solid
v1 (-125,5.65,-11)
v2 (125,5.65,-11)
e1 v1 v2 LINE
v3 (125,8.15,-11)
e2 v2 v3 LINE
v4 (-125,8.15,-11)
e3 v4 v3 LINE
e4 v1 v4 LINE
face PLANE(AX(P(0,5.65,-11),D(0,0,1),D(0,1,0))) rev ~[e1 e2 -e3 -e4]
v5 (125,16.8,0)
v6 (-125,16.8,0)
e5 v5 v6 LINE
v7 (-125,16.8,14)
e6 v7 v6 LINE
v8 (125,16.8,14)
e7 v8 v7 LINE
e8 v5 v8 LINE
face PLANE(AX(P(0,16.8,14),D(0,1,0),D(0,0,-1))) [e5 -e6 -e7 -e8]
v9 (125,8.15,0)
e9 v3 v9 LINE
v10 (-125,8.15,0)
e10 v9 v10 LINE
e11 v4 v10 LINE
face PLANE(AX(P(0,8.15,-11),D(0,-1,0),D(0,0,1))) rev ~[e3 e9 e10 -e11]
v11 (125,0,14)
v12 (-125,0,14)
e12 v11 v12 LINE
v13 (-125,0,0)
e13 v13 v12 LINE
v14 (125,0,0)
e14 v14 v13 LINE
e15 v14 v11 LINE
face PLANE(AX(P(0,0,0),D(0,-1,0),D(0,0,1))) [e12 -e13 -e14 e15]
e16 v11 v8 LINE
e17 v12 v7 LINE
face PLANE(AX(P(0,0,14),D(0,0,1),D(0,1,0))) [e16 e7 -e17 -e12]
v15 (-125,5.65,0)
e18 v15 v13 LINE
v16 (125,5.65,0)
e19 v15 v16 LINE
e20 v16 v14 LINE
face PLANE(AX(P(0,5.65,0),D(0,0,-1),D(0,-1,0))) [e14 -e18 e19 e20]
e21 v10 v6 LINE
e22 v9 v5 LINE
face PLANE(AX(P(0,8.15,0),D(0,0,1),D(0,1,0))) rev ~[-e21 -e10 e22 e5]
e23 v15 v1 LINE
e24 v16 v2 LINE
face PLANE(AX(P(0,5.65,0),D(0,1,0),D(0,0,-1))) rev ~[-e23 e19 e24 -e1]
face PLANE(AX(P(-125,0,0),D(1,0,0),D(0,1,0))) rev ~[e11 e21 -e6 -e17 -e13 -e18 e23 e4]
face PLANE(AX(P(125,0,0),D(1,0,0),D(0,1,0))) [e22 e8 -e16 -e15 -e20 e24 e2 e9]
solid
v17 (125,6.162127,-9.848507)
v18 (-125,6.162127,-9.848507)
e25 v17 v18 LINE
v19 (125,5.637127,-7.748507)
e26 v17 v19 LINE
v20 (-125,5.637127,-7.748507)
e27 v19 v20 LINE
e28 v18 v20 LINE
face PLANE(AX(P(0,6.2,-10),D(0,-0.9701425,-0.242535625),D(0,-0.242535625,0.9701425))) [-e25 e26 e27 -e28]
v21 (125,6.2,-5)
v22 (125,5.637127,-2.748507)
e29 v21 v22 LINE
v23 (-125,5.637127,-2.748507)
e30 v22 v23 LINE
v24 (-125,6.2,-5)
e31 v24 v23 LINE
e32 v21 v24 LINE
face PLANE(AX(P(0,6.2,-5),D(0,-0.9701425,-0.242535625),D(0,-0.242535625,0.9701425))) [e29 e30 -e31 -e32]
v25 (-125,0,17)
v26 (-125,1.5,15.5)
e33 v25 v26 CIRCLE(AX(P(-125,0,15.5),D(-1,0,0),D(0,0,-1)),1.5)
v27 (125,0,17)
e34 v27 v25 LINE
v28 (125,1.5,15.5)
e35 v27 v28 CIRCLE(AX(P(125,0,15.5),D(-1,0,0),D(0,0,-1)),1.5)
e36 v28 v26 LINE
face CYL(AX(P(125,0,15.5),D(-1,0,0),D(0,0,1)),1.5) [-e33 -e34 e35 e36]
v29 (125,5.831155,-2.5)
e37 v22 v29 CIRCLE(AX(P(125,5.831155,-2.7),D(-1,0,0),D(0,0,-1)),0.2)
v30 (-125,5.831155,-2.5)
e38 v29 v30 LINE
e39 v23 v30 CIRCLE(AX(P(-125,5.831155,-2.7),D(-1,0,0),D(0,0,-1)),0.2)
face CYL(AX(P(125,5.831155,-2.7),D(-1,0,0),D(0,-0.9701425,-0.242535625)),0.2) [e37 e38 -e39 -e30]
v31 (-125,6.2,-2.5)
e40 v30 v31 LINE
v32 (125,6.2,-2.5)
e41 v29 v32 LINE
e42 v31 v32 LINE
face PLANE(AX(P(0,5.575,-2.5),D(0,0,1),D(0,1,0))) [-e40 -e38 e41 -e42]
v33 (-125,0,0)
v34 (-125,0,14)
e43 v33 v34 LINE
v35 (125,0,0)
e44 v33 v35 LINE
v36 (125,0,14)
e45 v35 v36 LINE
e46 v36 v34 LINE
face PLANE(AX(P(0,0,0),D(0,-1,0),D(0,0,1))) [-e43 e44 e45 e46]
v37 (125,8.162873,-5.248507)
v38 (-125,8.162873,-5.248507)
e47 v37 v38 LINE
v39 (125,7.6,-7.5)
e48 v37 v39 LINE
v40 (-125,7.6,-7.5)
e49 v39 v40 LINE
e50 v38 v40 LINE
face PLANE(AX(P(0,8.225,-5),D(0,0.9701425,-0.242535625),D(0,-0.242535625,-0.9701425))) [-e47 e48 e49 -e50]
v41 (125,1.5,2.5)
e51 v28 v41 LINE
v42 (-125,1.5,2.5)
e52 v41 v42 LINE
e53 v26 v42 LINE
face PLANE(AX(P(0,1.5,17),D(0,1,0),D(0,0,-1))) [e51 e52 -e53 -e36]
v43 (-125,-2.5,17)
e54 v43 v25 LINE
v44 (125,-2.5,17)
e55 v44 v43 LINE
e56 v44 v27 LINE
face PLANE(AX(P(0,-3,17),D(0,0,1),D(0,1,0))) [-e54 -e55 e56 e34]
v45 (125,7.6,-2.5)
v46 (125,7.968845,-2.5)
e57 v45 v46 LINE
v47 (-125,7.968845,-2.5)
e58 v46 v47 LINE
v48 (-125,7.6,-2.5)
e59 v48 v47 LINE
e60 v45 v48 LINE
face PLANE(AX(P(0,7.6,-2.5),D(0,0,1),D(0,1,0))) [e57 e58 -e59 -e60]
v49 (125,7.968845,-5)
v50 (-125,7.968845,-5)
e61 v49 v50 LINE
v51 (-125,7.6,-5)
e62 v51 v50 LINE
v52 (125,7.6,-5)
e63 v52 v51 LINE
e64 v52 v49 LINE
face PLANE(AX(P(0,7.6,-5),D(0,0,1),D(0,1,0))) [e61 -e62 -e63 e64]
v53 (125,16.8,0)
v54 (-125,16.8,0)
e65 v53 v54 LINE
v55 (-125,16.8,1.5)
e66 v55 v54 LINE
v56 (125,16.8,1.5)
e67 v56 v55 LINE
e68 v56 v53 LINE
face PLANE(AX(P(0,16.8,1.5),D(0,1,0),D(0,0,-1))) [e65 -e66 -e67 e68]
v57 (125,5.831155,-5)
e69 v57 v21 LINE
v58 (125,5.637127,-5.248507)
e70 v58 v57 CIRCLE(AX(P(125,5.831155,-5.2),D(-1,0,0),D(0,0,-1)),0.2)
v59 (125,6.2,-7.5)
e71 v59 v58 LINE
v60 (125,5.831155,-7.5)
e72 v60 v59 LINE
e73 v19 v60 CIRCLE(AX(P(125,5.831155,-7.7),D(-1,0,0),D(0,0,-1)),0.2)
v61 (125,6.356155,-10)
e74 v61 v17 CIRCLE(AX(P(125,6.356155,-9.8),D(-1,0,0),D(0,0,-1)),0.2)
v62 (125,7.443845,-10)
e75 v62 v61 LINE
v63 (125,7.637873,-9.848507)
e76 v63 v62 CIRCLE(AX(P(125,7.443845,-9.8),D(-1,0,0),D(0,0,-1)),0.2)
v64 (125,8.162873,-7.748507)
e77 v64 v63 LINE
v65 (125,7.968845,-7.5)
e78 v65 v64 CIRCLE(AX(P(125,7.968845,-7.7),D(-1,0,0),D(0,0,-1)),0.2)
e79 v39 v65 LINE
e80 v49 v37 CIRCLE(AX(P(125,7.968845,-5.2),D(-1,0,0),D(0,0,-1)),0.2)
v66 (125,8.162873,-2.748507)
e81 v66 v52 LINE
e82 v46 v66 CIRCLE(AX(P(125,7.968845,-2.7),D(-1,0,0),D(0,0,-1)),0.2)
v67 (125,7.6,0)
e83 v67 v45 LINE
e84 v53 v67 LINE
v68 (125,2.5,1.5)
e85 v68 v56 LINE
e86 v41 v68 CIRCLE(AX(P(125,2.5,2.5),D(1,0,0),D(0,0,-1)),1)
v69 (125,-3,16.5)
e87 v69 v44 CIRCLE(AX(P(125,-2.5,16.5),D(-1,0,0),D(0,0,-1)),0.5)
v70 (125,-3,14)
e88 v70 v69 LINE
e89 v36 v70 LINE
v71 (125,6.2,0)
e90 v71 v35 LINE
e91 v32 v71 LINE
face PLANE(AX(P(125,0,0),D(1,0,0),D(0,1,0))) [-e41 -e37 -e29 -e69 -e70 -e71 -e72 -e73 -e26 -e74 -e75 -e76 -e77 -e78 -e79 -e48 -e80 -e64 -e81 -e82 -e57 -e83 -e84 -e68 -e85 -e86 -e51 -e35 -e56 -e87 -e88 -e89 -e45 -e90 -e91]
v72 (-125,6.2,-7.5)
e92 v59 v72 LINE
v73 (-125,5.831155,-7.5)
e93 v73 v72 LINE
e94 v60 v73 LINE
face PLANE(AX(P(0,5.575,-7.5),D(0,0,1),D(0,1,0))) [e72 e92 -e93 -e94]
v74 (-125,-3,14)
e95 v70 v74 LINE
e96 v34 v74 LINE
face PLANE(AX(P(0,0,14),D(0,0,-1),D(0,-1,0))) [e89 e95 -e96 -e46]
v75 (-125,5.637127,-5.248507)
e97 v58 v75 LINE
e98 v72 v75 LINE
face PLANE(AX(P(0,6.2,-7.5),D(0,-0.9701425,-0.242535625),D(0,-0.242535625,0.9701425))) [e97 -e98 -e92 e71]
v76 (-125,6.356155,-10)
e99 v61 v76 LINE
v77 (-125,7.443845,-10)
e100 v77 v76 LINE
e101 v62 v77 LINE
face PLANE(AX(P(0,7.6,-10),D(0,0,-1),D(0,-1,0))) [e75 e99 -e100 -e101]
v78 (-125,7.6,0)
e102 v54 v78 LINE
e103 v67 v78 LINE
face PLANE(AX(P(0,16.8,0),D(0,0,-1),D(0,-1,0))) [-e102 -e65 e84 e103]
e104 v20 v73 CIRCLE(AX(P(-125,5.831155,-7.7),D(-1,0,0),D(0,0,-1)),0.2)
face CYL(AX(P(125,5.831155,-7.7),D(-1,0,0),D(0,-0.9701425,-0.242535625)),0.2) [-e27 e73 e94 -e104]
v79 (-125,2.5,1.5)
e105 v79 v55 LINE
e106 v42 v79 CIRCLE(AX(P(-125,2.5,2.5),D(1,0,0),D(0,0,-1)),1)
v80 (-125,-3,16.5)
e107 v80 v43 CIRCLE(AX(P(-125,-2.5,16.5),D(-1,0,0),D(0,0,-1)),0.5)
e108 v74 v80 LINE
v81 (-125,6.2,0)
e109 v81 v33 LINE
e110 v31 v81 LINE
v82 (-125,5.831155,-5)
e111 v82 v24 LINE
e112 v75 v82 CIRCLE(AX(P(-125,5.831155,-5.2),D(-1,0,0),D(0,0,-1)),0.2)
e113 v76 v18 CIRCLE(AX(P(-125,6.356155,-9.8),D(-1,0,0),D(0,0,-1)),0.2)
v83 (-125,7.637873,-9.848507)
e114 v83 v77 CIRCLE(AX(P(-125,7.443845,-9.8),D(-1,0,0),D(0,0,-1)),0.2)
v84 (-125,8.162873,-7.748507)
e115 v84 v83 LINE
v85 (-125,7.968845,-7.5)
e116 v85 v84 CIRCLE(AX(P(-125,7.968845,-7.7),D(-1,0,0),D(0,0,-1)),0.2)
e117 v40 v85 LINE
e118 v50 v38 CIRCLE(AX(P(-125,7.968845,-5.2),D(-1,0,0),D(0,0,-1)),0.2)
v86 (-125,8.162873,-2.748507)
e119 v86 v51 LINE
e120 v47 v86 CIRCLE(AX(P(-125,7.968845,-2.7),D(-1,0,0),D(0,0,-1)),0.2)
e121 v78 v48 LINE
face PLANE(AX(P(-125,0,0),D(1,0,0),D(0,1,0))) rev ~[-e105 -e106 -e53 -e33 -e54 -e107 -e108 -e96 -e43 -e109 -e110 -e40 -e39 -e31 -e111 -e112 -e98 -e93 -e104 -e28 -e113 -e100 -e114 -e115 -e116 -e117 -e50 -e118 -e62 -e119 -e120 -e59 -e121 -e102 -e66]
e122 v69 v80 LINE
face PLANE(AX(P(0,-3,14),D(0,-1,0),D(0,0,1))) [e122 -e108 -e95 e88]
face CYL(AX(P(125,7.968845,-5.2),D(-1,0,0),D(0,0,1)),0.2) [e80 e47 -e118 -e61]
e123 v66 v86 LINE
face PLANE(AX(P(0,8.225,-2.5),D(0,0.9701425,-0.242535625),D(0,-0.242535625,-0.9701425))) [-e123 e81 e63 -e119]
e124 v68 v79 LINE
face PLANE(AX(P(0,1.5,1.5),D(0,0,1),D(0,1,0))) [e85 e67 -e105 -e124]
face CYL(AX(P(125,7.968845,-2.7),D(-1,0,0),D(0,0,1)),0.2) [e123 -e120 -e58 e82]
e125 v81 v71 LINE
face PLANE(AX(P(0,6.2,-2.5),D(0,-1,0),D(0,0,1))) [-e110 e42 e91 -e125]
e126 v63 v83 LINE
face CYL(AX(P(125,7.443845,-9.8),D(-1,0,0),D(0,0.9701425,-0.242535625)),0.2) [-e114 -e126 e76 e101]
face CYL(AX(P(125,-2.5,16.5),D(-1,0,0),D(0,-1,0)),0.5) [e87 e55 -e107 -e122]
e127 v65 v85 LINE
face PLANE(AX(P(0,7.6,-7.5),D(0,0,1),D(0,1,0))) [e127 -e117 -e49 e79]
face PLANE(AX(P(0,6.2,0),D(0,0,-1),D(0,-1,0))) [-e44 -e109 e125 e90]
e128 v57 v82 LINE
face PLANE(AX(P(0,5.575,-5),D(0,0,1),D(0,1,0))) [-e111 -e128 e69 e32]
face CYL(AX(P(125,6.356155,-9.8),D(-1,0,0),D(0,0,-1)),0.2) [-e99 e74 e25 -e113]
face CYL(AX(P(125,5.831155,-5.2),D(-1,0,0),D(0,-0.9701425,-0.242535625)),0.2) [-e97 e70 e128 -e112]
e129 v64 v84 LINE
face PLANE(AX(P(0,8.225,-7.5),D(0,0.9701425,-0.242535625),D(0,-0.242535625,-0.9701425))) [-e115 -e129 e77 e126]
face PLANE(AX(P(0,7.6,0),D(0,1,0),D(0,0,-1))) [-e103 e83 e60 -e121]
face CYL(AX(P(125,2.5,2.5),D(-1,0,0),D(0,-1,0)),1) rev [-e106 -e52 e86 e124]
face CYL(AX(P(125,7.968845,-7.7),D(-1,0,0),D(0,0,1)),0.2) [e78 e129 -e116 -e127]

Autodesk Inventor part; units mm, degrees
ref_plane "YZ Plane" through (0, 0, 0) normal (1, 0, 0) x (0, 1, 0)
ref_plane "XZ Plane" through (0, 0, 0) normal (0, 1, 0) x (-1, 0, 0)
ref_plane "XY Plane" through (0, 0, 0) normal (0, 0, 1) x (1, 0, 0)
sketch "Sketch1" plane through (0, 0, 0) normal (1, 0, 0) x (0, 1, 0)
  line L0 (0, 0) -> (0, 14)
  line L1 (0, 14) -> (-3, 14)
  line L2 (-3, 14) -> (-3, 17)
  line L3 (-3, 17) -> (1.5, 17)
  line L4 (1.5, 17) -> (1.5, 1.5)
  line L5 (1.5, 1.5) -> (16.8, 1.5)
  line L6 (16.8, 1.5) -> (16.8, 0)
  line L7 (16.8, 0) -> (7.6, 0)
  line L8 (7.6, 0) -> (7.6, -2.5)
  line L9 (7.6, -2.5) -> (8.225, -2.5)
  line L10 (8.225, -2.5) -> (7.6, -5)
  line L11 (7.6, -5) -> (8.225, -5)
  line L12 (8.225, -5) -> (7.6, -7.5)
  line L13 (7.6, -7.5) -> (8.225, -7.5)
  line L14 (8.225, -7.5) -> (7.6, -10)
  line L15 (7.6, -10) -> (6.2, -10)
  line L16 (6.2, -10) -> (5.575, -7.5)
  line L17 (5.575, -7.5) -> (6.2, -7.5)
  line L18 (6.2, -7.5) -> (5.575, -5)
  line L19 (5.575, -5) -> (6.2, -5)
  line L20 (6.2, -5) -> (5.575, -2.5)
  line L21 (5.575, -2.5) -> (6.2, -2.5)
  line L22 (6.2, -2.5) -> (6.2, 0)
  line L23 (6.2, 0) -> (0, 0)
  dimension "d0" = 3
  dimension "d1" = 3
  dimension "d2" = 1.5
  dimension "d3" = 1.5
  dimension "d4" = 10
  dimension "d5" = 2.65
  dimension "d6" = 19.8
  dimension "d7" = 14
  dimension "d8" = 2.5
  dimension "d9" = 0.625
  dimension "d10" = 9.2
extrude "01_ex1" add sketch "Sketch1" along normal mid plane 250
fillet "01_fillet" radius 1.5 1 edges at (0, 1.5, 17)
fillet "01_fillet" radius 1 1 edges at (0, 1.5, 1.5)
fillet "01_fillet" radius 0.5 1 edges at (0, -3, 17)
fillet "01_fillet" radius 0.2 8 edges at (0, 8.225, -2.5) (0, 5.575, -2.5) (0, 5.575, -5) (0, 8.225, -5) (0, 8.225, -7.5) (0, 5.575, -7.5) (0, 6.2, -10) (0, 7.6, -10)
sketch "Sketch2" plane through (0, 0, 0) normal (1, 0, 0) x (0, 1, 0)
  line L0 (5.65, 0) -> (5.65, -11)
  line L1 (5.65, -11) -> (8.15, -11)
  line L2 (8.15, -11) -> (8.15, 0)
  line L3 (6.3562, -10) -> (7.4438, -10) projected
  line L4 (7.6, 0) -> (16.8, 0) projected
  line L5 (5.65, 0) -> (0, 0)
  line L6 (0, 0) -> (0, 14)
  line L7 (0, 14) -> (16.8, 14)
  line L8 (16.8, 14) -> (16.8, 0)
  line L9 (16.8, 0) -> (8.15, 0)
  line L10 (0, 0) -> (6.2, 0) projected
  line L11 (0, 14) -> (0, 0) projected
  line L12 (16.8, 0) -> (16.8, 1.5) projected
  line L13 (-3, 14) -> (0, 14) projected
  point P0 (6.9, -11)
  point P1 (6.9, -10)
  dimension "d17" = 1
  dimension "d18" = 2.5
extrude "02_ex1" add sketch "Sketch2" along normal mid plane 250 separate body
equation "\"d11\" = Length"
equation "\"d19\" = Length"
equation "\"Length\" = 250"
properties part number "Hafele alu 126_35"
